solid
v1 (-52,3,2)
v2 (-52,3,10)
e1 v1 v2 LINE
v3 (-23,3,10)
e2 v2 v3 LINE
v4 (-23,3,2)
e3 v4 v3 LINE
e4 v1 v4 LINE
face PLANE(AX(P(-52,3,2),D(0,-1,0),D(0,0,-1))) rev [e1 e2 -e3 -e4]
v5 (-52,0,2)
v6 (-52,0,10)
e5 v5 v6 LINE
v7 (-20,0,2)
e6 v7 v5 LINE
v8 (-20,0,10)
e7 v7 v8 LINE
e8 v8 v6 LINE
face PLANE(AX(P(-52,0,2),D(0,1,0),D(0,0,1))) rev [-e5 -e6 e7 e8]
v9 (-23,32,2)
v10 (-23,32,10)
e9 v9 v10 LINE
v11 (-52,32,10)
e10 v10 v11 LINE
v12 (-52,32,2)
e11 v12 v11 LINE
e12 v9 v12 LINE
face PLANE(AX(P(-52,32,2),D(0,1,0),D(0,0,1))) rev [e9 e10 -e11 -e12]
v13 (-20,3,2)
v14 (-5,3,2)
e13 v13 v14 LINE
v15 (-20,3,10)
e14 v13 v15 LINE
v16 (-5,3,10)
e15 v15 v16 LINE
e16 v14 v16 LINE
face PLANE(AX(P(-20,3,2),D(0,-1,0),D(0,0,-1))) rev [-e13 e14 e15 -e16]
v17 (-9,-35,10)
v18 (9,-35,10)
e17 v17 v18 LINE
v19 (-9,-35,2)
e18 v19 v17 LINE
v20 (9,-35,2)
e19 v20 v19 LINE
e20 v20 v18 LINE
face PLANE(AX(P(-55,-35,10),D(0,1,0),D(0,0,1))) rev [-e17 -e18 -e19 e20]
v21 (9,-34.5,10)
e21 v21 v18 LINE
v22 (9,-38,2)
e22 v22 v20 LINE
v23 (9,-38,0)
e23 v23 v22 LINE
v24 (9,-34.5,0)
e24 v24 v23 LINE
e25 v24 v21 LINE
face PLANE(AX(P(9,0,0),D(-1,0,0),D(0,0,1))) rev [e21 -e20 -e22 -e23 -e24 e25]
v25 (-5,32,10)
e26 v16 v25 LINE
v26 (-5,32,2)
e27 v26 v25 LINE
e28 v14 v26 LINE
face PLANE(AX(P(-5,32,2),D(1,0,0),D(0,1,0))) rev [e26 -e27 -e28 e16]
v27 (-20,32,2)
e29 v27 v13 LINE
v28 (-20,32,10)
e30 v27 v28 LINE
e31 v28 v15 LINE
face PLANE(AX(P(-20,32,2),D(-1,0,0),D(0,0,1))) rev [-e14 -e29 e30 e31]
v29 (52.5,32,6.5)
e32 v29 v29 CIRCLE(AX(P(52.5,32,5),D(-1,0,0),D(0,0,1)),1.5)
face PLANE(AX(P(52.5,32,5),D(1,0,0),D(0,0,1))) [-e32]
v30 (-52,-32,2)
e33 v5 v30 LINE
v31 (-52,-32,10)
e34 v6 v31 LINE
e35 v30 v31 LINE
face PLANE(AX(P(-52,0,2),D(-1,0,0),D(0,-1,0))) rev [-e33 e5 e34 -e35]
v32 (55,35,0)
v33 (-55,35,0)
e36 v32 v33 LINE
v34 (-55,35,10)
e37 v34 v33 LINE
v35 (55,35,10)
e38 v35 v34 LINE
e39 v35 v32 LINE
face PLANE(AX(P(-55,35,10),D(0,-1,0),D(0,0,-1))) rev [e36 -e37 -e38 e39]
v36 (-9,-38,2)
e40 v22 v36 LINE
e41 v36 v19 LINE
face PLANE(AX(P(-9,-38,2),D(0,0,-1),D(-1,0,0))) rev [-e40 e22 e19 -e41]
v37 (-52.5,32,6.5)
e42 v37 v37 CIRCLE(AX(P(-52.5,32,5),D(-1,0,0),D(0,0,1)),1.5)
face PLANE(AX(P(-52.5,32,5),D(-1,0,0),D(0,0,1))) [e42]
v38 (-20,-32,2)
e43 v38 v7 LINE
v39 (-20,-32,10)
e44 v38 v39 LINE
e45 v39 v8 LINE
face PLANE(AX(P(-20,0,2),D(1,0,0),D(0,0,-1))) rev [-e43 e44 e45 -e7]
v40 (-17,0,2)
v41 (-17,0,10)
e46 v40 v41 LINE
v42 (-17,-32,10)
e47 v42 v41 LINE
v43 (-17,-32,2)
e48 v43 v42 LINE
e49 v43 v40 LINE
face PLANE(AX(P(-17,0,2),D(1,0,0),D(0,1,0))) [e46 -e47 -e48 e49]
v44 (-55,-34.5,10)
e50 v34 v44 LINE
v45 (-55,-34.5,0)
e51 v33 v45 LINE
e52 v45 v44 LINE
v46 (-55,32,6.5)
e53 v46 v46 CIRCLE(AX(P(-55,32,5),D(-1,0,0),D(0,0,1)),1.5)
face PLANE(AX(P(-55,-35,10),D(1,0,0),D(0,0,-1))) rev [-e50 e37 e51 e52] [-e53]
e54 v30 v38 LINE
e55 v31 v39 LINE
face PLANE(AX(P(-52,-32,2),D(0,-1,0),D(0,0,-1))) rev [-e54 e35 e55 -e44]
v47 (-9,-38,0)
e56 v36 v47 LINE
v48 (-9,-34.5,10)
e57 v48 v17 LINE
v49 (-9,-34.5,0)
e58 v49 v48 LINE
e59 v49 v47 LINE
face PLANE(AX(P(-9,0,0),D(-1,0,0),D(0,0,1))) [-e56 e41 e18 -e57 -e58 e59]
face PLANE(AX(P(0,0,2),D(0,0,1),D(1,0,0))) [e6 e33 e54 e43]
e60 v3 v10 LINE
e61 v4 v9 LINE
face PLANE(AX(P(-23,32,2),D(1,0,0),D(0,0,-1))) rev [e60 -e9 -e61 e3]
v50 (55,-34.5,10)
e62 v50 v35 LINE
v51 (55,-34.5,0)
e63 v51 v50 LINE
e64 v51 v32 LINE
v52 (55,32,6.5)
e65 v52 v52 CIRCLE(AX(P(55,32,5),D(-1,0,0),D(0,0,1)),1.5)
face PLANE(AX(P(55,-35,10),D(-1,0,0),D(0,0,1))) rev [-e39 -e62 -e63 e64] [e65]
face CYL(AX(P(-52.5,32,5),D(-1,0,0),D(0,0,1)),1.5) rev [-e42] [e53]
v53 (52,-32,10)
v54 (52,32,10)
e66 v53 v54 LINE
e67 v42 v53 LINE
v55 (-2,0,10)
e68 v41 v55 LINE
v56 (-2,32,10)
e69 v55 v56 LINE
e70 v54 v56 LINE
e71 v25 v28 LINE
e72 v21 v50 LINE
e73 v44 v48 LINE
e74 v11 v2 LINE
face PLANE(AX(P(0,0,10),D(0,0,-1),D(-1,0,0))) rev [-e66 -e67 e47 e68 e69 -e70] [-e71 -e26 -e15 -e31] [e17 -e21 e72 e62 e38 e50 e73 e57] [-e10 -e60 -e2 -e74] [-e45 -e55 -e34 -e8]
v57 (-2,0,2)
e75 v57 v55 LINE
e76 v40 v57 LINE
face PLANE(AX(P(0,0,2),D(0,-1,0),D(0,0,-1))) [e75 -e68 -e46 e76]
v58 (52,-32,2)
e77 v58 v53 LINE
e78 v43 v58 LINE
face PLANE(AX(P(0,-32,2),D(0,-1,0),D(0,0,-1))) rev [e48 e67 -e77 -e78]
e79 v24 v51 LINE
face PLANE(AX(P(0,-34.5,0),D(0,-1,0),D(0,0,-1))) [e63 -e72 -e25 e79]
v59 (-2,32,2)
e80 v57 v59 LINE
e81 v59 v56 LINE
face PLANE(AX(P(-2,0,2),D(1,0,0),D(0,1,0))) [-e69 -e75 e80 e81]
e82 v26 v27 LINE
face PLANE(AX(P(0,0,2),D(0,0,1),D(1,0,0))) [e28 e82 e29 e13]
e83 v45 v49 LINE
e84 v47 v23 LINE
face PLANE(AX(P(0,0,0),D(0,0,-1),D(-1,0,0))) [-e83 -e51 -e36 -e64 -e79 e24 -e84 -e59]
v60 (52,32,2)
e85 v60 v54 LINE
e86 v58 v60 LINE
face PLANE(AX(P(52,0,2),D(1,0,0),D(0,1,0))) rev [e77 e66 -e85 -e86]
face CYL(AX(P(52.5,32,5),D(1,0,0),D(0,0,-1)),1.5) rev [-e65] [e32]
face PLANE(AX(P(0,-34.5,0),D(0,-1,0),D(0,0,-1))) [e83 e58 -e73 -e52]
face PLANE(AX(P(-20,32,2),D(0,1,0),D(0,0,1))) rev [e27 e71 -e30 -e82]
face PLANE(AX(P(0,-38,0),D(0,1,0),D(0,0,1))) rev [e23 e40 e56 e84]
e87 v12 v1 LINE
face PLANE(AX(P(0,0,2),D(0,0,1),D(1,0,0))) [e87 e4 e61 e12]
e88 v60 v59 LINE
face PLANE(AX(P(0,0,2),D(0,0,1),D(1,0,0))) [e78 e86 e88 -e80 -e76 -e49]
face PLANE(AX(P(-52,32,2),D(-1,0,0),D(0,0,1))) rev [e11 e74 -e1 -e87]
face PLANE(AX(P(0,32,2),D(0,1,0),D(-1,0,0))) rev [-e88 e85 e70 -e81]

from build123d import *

# Parameters (mm, degrees)
SKETCH1_W           = 110
SKETCH1_H           = 70
BOSS_EXTRUDE1_DEPTH = 10
SKETCH2_W           = 29
SKETCH2_H           = 29
SKETCH2_W_2         = 32
SKETCH2_H_2         = 32
SKETCH2_W_3         = 15
CUT_EXTRUDE1_DEPTH  = 8
CUT_EXTRUDE3_DEPTH  = 8
SKETCH4_R           = 1.5
CUT_EXTRUDE4_DEPTH  = 2.5
SKETCH5_W           = 46
SKETCH5_H           = 0.5
CUT_EXTRUDE5_DEPTH  = 11
SKETCH7_W           = 18
SKETCH7_H           = 2
BOSS_EXTRUDE2_DEPTH = 3


with BuildPart() as part:
    # Sketch1 → Boss-Extrude1 (new body)
    with BuildSketch(Plane.XY):
        Rectangle(SKETCH1_W, SKETCH1_H)
    extrude(amount=BOSS_EXTRUDE1_DEPTH)

    # Sketch2 → Cut-Extrude1 (cut)
    with BuildSketch(Plane.XY.offset(10)):
        with Locations((-37.5, 17.5)):
            Rectangle(SKETCH2_W, SKETCH2_H)
        with Locations((-36, -16)):
            Rectangle(SKETCH2_W_2, SKETCH2_H_2)
        with Locations((-12.5, 17.5)):
            Rectangle(SKETCH2_W_3, SKETCH2_H)
    extrude(amount=-CUT_EXTRUDE1_DEPTH, mode=Mode.SUBTRACT)

    # Sketch3 → Cut-Extrude3 (cut)
    with BuildSketch(Plane.XY.offset(10)):
        Polygon((-17, 0), (-17, -32), (52, -32), (52, 32), (-2, 32), (-2, 0), align=None)
    extrude(amount=-CUT_EXTRUDE3_DEPTH, mode=Mode.SUBTRACT)

    # Sketch4 → Cut-Extrude4 (cut)
    with BuildSketch(Plane.ZY.offset(55)):
        with Locations((5, 32)):
            Circle(SKETCH4_R)
    cut_extrude4 = extrude(amount=-CUT_EXTRUDE4_DEPTH, mode=Mode.SUBTRACT)

    # Mirror1: Cut-Extrude4 across plane
    add(cut_extrude4.mirror(Plane.ZY), mode=Mode.SUBTRACT)

    # Sketch5 → Cut-Extrude5 (cut, through all)
    with BuildSketch(Plane.XY.offset(10)):
        with Locations((-32, -34.75)):
            Rectangle(SKETCH5_W, SKETCH5_H)
        with Locations((32, -34.75)):
            Rectangle(SKETCH5_W, SKETCH5_H)
    extrude(amount=-CUT_EXTRUDE5_DEPTH, mode=Mode.SUBTRACT)

    # Sketch7 → Boss-Extrude2 (add)
    with BuildSketch(Plane.XZ.offset(35)):
        with Locations((0, 1)):
            Rectangle(SKETCH7_W, SKETCH7_H)
    extrude(amount=BOSS_EXTRUDE2_DEPTH)


solid = part.part
